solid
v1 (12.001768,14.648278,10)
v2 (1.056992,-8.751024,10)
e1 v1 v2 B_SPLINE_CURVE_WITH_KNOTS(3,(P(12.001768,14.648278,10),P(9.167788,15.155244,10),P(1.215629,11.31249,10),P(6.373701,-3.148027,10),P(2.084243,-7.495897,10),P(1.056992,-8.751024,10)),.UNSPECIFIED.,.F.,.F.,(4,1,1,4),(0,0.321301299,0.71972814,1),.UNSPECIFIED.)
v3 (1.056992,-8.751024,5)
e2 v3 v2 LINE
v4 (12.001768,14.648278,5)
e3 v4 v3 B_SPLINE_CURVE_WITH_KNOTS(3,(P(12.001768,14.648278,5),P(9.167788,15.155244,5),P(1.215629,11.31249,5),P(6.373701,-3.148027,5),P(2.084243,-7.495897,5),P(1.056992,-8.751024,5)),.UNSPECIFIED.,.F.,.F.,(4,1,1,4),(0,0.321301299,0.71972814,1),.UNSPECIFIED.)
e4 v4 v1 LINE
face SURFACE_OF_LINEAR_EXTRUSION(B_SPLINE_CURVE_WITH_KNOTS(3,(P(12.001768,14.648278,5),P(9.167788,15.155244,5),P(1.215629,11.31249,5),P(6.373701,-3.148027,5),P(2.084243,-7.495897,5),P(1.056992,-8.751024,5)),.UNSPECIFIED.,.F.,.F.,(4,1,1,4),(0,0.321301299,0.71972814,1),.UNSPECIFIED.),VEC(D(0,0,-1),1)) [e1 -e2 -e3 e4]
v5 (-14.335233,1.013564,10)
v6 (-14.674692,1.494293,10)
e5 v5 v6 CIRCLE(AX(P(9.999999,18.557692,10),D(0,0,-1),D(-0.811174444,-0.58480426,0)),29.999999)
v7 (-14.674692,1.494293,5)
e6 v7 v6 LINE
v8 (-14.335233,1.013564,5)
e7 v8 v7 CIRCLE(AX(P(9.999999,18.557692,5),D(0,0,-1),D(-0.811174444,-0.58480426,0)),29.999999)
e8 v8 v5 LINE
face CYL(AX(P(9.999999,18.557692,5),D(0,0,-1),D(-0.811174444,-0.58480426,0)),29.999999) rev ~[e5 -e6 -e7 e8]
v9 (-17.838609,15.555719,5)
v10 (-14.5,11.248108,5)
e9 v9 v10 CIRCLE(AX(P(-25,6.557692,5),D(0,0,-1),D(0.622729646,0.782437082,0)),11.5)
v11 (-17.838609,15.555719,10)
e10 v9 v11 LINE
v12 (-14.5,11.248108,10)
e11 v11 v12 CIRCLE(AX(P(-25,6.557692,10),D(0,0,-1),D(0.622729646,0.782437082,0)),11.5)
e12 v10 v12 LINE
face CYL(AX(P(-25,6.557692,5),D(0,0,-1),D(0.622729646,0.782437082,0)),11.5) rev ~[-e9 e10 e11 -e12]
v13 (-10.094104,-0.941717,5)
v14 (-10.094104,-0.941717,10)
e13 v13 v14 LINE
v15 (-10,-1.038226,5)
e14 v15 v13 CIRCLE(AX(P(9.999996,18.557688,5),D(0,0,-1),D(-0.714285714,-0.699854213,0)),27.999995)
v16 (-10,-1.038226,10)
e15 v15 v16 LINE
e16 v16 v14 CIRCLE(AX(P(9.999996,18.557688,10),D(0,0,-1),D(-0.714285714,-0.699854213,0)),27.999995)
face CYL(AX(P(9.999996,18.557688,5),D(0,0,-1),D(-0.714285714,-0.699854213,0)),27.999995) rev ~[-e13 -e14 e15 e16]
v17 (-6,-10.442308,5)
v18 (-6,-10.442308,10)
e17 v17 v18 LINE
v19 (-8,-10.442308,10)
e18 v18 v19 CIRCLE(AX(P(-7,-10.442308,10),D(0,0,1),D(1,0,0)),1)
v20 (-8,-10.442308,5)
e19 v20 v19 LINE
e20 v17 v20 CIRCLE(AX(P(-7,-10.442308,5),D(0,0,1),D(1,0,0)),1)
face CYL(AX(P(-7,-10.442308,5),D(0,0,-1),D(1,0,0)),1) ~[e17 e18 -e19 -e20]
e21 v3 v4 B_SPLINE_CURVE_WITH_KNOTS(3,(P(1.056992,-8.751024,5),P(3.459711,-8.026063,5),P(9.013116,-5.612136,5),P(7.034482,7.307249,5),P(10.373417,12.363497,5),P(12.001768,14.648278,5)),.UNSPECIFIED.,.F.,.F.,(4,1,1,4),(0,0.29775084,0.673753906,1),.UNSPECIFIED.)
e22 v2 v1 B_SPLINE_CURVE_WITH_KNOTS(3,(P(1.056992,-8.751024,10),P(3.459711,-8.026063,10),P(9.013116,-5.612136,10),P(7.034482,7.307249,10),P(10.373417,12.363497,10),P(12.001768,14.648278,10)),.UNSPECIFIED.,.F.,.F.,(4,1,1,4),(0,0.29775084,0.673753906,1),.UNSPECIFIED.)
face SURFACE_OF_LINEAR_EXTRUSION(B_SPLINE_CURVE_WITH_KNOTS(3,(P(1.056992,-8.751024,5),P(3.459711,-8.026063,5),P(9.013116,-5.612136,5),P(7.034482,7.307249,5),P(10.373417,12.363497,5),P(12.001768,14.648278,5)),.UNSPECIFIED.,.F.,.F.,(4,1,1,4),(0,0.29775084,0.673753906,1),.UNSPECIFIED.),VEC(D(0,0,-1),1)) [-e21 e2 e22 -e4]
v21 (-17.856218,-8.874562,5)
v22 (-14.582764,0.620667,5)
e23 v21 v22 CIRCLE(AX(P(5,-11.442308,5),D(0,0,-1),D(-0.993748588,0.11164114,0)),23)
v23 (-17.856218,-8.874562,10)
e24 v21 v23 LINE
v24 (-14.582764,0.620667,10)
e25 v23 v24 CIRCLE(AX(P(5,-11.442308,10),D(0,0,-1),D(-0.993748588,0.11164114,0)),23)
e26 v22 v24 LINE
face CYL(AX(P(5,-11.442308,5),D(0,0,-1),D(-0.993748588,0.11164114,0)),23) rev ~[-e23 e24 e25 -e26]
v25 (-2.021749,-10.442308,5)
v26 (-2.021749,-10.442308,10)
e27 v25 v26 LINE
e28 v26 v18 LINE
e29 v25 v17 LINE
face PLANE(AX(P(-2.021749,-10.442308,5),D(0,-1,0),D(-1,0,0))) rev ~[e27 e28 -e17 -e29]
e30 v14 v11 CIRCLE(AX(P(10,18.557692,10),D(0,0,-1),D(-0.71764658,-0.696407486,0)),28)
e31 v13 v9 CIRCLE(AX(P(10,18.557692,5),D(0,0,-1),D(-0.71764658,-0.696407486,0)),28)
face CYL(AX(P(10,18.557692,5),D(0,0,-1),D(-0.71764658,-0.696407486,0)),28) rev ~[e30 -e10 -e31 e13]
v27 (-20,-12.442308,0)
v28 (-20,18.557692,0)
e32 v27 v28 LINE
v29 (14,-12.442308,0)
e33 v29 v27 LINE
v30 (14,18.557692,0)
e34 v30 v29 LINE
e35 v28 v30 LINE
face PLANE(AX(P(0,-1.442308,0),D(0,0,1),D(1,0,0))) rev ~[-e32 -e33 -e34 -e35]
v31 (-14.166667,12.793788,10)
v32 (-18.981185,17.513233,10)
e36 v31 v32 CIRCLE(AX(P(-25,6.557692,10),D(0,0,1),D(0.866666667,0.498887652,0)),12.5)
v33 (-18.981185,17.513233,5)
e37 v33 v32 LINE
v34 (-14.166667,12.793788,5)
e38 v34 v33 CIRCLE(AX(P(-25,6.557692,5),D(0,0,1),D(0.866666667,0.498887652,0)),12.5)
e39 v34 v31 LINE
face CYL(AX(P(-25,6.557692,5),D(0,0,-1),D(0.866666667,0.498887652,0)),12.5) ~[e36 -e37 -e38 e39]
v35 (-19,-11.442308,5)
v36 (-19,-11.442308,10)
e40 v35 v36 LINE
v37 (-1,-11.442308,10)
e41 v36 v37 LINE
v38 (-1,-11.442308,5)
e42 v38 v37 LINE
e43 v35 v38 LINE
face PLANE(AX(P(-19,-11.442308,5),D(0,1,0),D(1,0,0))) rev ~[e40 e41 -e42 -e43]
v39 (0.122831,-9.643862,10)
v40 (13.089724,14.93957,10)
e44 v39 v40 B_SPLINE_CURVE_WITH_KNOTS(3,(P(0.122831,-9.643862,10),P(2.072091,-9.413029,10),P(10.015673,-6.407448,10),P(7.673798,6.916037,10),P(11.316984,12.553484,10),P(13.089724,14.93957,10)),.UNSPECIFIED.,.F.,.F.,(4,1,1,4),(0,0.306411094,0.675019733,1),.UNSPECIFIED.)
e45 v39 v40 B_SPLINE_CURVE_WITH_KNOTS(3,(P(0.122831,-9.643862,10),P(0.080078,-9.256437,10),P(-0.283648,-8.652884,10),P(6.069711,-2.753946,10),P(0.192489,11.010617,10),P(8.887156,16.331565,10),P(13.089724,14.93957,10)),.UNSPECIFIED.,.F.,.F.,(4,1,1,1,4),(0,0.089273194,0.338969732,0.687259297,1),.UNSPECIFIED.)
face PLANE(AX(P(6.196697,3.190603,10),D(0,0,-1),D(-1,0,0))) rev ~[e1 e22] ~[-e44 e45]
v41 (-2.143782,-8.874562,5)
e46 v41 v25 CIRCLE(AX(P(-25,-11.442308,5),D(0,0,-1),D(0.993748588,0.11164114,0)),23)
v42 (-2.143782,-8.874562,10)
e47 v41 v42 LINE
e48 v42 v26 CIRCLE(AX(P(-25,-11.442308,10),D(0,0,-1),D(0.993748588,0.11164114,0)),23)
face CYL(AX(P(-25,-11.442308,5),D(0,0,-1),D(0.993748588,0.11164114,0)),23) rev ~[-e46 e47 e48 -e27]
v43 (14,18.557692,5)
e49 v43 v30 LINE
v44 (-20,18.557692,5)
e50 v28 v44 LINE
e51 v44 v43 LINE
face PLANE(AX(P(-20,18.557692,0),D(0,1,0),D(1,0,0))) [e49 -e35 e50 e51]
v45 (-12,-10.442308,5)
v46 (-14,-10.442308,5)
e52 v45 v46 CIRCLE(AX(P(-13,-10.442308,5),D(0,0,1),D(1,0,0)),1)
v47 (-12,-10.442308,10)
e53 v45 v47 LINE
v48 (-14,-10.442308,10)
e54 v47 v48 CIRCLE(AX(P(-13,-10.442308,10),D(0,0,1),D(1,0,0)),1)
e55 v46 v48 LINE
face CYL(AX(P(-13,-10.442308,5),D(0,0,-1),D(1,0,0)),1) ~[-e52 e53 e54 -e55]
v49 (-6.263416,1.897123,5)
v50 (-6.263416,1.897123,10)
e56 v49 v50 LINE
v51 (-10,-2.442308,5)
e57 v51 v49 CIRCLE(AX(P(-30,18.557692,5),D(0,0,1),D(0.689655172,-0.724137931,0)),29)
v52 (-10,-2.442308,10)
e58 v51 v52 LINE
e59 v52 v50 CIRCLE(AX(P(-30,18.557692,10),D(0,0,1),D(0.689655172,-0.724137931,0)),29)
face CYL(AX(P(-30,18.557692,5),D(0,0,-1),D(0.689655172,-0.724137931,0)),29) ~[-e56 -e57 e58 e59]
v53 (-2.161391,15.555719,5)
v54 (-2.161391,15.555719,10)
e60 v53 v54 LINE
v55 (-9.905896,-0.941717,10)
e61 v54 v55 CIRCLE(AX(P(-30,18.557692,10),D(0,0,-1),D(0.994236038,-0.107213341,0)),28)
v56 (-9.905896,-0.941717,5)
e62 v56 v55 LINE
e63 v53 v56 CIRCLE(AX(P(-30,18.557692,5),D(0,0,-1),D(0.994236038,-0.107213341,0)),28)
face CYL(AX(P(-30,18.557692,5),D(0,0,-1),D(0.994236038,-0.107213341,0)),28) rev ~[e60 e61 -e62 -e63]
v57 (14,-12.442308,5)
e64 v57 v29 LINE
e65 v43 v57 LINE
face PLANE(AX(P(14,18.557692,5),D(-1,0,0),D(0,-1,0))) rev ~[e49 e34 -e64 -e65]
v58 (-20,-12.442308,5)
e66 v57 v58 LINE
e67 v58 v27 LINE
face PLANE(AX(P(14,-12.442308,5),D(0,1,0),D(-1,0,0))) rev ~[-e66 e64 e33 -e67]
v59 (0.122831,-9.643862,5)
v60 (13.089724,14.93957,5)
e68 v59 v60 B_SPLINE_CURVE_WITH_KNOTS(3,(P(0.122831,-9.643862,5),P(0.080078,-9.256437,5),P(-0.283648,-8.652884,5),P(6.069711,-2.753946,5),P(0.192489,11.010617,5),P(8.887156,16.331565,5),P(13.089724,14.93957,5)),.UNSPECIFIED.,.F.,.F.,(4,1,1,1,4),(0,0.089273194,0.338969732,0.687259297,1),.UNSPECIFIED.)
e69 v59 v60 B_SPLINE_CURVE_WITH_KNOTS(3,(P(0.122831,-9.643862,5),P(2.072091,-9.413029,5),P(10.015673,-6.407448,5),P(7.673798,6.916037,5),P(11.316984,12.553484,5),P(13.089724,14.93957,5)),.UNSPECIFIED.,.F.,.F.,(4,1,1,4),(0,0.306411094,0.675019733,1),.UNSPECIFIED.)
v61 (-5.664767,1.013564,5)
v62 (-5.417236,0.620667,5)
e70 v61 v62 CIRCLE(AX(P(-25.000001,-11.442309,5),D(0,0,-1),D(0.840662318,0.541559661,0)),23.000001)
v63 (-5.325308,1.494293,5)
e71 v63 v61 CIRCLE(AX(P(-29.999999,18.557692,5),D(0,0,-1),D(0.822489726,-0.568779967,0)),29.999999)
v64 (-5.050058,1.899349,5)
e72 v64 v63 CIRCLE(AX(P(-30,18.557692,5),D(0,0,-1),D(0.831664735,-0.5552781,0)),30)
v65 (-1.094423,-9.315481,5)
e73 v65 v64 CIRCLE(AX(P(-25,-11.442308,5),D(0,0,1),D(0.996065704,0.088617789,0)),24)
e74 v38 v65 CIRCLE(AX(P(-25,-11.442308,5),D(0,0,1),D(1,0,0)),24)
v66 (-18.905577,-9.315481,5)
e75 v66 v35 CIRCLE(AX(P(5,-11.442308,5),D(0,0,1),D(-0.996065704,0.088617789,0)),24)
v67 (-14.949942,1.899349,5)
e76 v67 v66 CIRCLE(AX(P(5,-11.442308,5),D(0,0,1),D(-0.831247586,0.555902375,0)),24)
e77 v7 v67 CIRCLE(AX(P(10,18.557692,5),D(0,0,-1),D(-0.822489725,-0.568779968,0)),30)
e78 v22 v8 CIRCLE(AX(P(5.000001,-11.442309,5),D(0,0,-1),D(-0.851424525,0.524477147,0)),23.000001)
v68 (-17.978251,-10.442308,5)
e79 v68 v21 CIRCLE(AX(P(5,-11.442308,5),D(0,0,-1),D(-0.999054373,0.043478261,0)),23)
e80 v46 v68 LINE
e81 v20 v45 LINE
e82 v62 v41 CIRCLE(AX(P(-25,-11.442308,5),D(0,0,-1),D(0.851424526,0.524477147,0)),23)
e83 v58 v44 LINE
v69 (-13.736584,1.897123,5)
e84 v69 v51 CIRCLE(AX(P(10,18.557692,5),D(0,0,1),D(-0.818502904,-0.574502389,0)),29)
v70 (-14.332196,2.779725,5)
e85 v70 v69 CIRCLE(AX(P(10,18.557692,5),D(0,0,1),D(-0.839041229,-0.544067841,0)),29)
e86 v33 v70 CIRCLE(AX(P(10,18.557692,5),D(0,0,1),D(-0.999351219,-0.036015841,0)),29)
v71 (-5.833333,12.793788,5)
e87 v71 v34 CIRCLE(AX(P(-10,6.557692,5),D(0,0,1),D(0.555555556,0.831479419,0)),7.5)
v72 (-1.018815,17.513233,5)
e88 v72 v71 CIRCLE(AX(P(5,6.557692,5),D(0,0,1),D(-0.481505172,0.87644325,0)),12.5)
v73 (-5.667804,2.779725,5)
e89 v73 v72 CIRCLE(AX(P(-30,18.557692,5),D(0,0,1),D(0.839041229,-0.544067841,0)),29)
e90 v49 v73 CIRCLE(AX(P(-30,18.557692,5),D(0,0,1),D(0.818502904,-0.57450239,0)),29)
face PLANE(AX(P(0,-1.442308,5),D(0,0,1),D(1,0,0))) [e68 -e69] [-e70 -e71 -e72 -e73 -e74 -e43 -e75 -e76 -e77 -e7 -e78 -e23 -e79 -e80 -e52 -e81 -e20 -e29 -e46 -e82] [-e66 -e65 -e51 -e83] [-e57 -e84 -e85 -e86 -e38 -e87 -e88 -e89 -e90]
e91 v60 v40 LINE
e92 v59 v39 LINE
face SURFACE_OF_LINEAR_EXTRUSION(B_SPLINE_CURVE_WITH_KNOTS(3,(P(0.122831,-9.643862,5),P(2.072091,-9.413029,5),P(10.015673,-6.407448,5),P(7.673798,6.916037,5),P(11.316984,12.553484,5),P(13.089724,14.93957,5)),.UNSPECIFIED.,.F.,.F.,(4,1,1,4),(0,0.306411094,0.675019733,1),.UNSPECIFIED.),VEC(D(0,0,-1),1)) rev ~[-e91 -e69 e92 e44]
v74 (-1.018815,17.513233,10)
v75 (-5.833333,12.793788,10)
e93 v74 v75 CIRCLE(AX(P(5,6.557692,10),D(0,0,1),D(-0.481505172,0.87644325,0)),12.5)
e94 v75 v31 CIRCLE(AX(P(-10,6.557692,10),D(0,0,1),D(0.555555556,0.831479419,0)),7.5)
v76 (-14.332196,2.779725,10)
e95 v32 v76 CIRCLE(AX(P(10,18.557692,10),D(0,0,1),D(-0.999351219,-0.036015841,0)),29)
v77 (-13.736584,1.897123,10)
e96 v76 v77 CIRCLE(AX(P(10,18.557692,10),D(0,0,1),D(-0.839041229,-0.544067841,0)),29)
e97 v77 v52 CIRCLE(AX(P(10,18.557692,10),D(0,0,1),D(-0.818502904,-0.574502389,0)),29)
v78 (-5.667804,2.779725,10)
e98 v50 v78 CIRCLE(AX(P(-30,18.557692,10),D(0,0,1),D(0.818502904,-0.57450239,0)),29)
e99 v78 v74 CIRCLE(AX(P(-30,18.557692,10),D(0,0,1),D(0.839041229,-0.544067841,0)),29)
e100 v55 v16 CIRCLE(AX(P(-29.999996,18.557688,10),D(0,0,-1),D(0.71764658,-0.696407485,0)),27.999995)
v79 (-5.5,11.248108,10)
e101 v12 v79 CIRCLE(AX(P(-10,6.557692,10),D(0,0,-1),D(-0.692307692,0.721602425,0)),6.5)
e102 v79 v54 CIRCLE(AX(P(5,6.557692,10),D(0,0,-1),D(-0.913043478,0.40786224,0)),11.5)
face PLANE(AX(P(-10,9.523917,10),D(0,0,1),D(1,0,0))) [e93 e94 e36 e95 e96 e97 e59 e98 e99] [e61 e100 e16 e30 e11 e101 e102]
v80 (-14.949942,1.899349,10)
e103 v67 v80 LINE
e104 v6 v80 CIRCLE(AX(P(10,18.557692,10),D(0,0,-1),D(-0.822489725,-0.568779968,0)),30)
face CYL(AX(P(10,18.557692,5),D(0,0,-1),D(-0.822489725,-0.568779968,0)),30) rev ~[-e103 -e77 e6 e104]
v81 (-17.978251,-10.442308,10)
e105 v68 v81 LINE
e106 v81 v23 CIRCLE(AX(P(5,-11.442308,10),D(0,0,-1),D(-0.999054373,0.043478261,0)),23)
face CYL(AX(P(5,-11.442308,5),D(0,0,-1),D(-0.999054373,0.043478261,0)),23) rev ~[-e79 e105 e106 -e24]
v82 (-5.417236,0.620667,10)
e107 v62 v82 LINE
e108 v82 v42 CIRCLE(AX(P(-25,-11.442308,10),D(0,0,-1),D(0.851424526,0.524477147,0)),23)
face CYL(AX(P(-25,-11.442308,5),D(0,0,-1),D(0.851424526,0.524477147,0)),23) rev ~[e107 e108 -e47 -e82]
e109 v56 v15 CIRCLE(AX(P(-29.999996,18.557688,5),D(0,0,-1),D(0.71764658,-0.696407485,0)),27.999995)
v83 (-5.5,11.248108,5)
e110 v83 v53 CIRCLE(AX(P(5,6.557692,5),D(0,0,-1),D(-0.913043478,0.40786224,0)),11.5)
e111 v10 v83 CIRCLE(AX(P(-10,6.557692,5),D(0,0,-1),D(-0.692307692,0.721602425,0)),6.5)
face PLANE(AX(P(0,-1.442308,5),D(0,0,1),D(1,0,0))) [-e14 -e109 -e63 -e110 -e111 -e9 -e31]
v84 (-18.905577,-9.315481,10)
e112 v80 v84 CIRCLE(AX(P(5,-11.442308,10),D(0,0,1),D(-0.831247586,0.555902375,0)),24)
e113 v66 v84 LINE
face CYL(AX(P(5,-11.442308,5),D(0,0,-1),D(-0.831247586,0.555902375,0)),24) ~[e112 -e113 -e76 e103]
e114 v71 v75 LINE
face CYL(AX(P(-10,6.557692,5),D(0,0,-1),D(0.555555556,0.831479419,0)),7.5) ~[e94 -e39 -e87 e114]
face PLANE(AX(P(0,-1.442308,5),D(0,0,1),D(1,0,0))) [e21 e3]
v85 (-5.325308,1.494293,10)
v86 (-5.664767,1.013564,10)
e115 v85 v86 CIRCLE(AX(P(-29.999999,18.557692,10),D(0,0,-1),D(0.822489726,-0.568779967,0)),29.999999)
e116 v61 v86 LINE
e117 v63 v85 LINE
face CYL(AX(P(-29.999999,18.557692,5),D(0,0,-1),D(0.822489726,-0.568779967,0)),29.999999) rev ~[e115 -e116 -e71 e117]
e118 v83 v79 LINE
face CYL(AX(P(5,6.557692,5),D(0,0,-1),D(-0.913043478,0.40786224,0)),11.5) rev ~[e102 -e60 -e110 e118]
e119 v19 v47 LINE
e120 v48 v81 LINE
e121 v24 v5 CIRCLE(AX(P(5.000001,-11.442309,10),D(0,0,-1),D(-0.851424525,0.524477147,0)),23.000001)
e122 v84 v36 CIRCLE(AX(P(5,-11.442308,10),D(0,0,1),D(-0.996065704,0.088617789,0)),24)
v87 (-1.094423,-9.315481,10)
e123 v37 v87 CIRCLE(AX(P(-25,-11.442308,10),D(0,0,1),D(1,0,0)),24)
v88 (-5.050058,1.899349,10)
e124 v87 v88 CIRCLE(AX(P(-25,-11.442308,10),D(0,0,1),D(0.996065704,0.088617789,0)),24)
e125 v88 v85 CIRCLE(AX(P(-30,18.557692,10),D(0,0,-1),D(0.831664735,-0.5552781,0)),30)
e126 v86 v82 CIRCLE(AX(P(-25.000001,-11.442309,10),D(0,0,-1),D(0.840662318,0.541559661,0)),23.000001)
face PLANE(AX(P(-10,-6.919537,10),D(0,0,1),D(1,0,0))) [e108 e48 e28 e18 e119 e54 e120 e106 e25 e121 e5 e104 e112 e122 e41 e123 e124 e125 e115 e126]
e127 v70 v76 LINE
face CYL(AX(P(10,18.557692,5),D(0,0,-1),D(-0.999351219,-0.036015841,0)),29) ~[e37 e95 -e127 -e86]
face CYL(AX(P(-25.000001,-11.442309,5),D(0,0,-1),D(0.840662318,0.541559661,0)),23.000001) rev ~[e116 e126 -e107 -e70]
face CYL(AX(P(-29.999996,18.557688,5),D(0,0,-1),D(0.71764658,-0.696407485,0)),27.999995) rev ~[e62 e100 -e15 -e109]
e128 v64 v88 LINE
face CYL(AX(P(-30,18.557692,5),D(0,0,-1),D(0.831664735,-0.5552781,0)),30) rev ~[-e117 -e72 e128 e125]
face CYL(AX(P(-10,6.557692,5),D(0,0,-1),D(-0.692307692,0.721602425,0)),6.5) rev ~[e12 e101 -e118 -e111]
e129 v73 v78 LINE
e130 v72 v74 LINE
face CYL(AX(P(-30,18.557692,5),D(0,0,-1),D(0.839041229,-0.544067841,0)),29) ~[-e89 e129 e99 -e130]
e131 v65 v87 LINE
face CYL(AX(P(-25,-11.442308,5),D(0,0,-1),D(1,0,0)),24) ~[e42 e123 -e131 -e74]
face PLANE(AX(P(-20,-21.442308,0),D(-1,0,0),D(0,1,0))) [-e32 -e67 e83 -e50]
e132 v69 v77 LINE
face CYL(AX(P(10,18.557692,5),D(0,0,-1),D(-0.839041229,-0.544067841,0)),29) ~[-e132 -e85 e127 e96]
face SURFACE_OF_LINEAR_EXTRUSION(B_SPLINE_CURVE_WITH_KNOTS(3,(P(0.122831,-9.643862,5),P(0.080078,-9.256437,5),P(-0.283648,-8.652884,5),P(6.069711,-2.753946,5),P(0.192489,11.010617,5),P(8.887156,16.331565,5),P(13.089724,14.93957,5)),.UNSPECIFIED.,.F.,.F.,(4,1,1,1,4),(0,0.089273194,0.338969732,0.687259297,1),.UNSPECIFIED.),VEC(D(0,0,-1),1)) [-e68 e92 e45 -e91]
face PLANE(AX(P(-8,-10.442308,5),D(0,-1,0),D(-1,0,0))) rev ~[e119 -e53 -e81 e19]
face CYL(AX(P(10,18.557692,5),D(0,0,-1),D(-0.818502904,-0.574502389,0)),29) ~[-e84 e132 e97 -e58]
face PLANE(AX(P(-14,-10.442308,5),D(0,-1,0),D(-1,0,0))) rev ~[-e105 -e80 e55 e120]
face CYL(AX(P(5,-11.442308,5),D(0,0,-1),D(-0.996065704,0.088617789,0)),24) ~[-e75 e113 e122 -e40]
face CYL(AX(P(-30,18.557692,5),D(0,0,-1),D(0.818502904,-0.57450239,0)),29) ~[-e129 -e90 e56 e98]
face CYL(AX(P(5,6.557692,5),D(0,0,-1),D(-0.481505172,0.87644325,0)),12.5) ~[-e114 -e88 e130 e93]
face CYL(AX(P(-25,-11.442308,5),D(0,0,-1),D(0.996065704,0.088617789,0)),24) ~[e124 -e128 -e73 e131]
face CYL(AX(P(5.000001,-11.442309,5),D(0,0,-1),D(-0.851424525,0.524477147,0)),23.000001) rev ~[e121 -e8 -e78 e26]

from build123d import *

# Parameters (mm, degrees)
F0_W     = 40
F0_H     = 40
F1_DEPTH = 5
F3_DEPTH = 5
F5_DEPTH = 5
F7_DEPTH = 5


with BuildPart() as f1:
    # F0 (on Top) → F1 (new body)
    with BuildSketch(Plane.XY):
        with Locations((0, -1.4423078379)):
            Rectangle(F0_W, F0_H)
    extrude(amount=F1_DEPTH)

    # F2 (on face) → F3 (join)
    with BuildSketch(Plane.XY.offset(5)):
        with BuildLine():
            ThreePointArc((-14.1666666667, 12.7937878067), (-16.2497421132, 15.4842249108), (-18.9811853554, 17.5132327819))
            ThreePointArc((-18.9811853554, 17.5132327819), (-17.6558893012, 9.8311930383), (-14.3321956463, 2.7797247698))
            ThreePointArc((-14.3321956463, 2.7797247698), (-14.0384410091, 2.335690009), (-13.7365842266, 1.8971228665))
            ThreePointArc((-13.7365842266, 1.8971228665), (-11.9756652837, -0.3650490595), (-10, -2.4423078379))
            ThreePointArc((-10, -2.4423078379), (-8.0243347163, -0.3650490595), (-6.2634157734, 1.8971228665))
            ThreePointArc((-6.2634157734, 1.8971228665), (-5.9615589909, 2.335690009), (-5.6678043537, 2.7797247698))
            ThreePointArc((-5.6678043537, 2.7797247698), (-2.3441106988, 9.8311930383), (-1.0188146446, 17.5132327819))
            ThreePointArc((-1.0188146446, 17.5132327819), (-3.7502578868, 15.4842249108), (-5.8333333333, 12.7937878067))
            ThreePointArc((-5.8333333333, 12.7937878067), (-10, 14.0576921621), (-14.1666666667, 12.7937878067))
        make_face()
        with BuildLine():
            ThreePointArc((-17.8386090668, 15.5557186069), (-15.9104422617, 13.6025441919), (-14.5, 11.2481079219))
            ThreePointArc((-14.5, 11.2481079219), (-10, 13.0576921621), (-5.5, 11.2481079219))
            ThreePointArc((-5.5, 11.2481079219), (-4.0895577383, 13.6025441919), (-2.1613909332, 15.5557186069))
            ThreePointArc((-2.1613909332, 15.5557186069), (-4.6538444684, 6.6592721087), (-9.9058957618, -0.9417174409))
            ThreePointArc((-9.9058957618, -0.9417174409), (-9.952889806, -0.9900282388), (-10, -1.0382257802))
            ThreePointArc((-10, -1.0382257802), (-10.047110194, -0.9900282388), (-10.0941042382, -0.9417174409))
            ThreePointArc((-10.0941042382, -0.9417174409), (-15.3461555316, 6.6592721087), (-17.8386090668, 15.5557186069))
        make_face(mode=Mode.SUBTRACT)
        with BuildLine():
            ThreePointArc((-14.6746917604, 1.49429313), (-14.813143454, 1.6962594848), (-14.9499420607, 1.8993491722))
            ThreePointArc((-14.9499420607, 1.8993491722), (-17.6333766655, -3.4591843441), (-18.9055769047, -9.3154808935))
            ThreePointArc((-18.9055769047, -9.3154808935), (-18.9763826057, -10.3778468743), (-19, -11.4423078379))
            Line((-19, -11.4423078379), (-18, -11.4423078379))
            Line((-18, -11.4423078379), (-2, -11.4423078379))
            Line((-2, -11.4423078379), (-1, -11.4423078379))
            ThreePointArc((-1, -11.4423078379), (-1.0236173943, -10.3778468743), (-1.0944230953, -9.3154808935))
            ThreePointArc((-1.0944230953, -9.3154808935), (-2.3666233345, -3.4591843441), (-5.0500579393, 1.8993491722))
            ThreePointArc((-5.0500579393, 1.8993491722), (-5.186856546, 1.6962594848), (-5.3253082396, 1.49429313))
            ThreePointArc((-5.3253082396, 1.49429313), (-5.4938586481, 1.2530963551), (-5.664766687, 1.0135643809))
            ThreePointArc((-5.664766687, 1.0135643809), (-5.5400096968, 0.8177401798), (-5.4172359122, 0.6206665334))
            ThreePointArc((-5.4172359122, 0.6206665334), (-3.2558828795, -3.9460840787), (-2.1437824802, -8.8745616111))
            ThreePointArc((-2.1437824802, -8.8745616111), (-2.0693638619, -9.6573915088), (-2.0217494138, -10.4423078379))
            Line((-2.0217494138, -10.4423078379), (-6, -10.4423078379))
            ThreePointArc((-6, -10.4423078379), (-7, -9.4423078379), (-8, -10.4423078379))
            Line((-8, -10.4423078379), (-12, -10.4423078379))
            ThreePointArc((-12, -10.4423078379), (-13, -9.4423078379), (-14, -10.4423078379))
            Line((-14, -10.4423078379), (-17.9782505862, -10.4423078379))
            ThreePointArc((-17.9782505862, -10.4423078379), (-17.9306361381, -9.6573915088), (-17.8562175198, -8.8745616111))
            ThreePointArc((-17.8562175198, -8.8745616111), (-16.7441171205, -3.9460840787), (-14.5827640878, 0.6206665334))
            ThreePointArc((-14.5827640878, 0.6206665334), (-14.4599903032, 0.8177401798), (-14.335233313, 1.0135643809))
            ThreePointArc((-14.335233313, 1.0135643809), (-14.5061413519, 1.2530963551), (-14.6746917604, 1.49429313))
        make_face()
    extrude(amount=F3_DEPTH)

    # F4 (on face) → F5 (join)
    with BuildSketch(Plane.XY.offset(5)):
        with BuildLine():
            add(Edge.make_bspline(
                [(0.122830745, -9.643862473), (0.0800776075, -9.2564371629), (-0.2836475293, -8.6528840078), (6.0697106921, -2.7539463587), (0.1924889118, 11.010617472), (8.8871559228, 16.3315651176), (13.0897243609, 14.9395701919)],
                knots=[0, 0, 0, 0, 0.0892731935, 0.3389697324, 0.6872592966, 1, 1, 1, 1], degree=3))
            add(Edge.make_bspline(
                [(0.122830745, -9.643862473), (2.0720909999, -9.4130289317), (10.0156728008, -6.4074475552), (7.6737975893, 6.9160370202), (11.3169839092, 12.5534842645), (13.0897243609, 14.9395701919)],
                knots=[0, 0, 0, 0, 0.3064110943, 0.6750197333, 1, 1, 1, 1], degree=3))
        make_face()
        with BuildLine():
            add(Edge.make_bspline(
                [(1.0569917504, -8.7510244921), (3.4597109512, -8.0260629747), (9.0131155024, -5.6121363011), (7.0344823054, 7.3072493213), (10.3734166024, 12.3634970165), (12.0017683264, 14.648278338)],
                knots=[0, 0, 0, 0, 0.2977508402, 0.6737539057, 1, 1, 1, 1], degree=3))
            add(Edge.make_bspline(
                [(12.0017683264, 14.648278338), (9.1677881113, 15.1552440171), (1.2156290574, 11.3124895915), (6.3737009511, -3.1480270391), (2.0842432148, -7.4958972715), (1.0569917504, -8.7510244921)],
                knots=[0, 0, 0, 0, 0.3213012994, 0.7197281403, 1, 1, 1, 1], degree=3))
        make_face(mode=Mode.SUBTRACT)
    extrude(amount=F5_DEPTH)

    # F6 (on face) → F7 (cut, through all)
    with BuildSketch(Plane.XY.offset(5)):
        Polygon((-20, -21.4423078379), (20, -21.4423078379), (20, 18.5576921621), (14, 18.5576921621), (14, -12.4423078379), (-20, -12.4423078379), align=None)
    extrude(amount=-F7_DEPTH, mode=Mode.SUBTRACT)


solid = f1.part
